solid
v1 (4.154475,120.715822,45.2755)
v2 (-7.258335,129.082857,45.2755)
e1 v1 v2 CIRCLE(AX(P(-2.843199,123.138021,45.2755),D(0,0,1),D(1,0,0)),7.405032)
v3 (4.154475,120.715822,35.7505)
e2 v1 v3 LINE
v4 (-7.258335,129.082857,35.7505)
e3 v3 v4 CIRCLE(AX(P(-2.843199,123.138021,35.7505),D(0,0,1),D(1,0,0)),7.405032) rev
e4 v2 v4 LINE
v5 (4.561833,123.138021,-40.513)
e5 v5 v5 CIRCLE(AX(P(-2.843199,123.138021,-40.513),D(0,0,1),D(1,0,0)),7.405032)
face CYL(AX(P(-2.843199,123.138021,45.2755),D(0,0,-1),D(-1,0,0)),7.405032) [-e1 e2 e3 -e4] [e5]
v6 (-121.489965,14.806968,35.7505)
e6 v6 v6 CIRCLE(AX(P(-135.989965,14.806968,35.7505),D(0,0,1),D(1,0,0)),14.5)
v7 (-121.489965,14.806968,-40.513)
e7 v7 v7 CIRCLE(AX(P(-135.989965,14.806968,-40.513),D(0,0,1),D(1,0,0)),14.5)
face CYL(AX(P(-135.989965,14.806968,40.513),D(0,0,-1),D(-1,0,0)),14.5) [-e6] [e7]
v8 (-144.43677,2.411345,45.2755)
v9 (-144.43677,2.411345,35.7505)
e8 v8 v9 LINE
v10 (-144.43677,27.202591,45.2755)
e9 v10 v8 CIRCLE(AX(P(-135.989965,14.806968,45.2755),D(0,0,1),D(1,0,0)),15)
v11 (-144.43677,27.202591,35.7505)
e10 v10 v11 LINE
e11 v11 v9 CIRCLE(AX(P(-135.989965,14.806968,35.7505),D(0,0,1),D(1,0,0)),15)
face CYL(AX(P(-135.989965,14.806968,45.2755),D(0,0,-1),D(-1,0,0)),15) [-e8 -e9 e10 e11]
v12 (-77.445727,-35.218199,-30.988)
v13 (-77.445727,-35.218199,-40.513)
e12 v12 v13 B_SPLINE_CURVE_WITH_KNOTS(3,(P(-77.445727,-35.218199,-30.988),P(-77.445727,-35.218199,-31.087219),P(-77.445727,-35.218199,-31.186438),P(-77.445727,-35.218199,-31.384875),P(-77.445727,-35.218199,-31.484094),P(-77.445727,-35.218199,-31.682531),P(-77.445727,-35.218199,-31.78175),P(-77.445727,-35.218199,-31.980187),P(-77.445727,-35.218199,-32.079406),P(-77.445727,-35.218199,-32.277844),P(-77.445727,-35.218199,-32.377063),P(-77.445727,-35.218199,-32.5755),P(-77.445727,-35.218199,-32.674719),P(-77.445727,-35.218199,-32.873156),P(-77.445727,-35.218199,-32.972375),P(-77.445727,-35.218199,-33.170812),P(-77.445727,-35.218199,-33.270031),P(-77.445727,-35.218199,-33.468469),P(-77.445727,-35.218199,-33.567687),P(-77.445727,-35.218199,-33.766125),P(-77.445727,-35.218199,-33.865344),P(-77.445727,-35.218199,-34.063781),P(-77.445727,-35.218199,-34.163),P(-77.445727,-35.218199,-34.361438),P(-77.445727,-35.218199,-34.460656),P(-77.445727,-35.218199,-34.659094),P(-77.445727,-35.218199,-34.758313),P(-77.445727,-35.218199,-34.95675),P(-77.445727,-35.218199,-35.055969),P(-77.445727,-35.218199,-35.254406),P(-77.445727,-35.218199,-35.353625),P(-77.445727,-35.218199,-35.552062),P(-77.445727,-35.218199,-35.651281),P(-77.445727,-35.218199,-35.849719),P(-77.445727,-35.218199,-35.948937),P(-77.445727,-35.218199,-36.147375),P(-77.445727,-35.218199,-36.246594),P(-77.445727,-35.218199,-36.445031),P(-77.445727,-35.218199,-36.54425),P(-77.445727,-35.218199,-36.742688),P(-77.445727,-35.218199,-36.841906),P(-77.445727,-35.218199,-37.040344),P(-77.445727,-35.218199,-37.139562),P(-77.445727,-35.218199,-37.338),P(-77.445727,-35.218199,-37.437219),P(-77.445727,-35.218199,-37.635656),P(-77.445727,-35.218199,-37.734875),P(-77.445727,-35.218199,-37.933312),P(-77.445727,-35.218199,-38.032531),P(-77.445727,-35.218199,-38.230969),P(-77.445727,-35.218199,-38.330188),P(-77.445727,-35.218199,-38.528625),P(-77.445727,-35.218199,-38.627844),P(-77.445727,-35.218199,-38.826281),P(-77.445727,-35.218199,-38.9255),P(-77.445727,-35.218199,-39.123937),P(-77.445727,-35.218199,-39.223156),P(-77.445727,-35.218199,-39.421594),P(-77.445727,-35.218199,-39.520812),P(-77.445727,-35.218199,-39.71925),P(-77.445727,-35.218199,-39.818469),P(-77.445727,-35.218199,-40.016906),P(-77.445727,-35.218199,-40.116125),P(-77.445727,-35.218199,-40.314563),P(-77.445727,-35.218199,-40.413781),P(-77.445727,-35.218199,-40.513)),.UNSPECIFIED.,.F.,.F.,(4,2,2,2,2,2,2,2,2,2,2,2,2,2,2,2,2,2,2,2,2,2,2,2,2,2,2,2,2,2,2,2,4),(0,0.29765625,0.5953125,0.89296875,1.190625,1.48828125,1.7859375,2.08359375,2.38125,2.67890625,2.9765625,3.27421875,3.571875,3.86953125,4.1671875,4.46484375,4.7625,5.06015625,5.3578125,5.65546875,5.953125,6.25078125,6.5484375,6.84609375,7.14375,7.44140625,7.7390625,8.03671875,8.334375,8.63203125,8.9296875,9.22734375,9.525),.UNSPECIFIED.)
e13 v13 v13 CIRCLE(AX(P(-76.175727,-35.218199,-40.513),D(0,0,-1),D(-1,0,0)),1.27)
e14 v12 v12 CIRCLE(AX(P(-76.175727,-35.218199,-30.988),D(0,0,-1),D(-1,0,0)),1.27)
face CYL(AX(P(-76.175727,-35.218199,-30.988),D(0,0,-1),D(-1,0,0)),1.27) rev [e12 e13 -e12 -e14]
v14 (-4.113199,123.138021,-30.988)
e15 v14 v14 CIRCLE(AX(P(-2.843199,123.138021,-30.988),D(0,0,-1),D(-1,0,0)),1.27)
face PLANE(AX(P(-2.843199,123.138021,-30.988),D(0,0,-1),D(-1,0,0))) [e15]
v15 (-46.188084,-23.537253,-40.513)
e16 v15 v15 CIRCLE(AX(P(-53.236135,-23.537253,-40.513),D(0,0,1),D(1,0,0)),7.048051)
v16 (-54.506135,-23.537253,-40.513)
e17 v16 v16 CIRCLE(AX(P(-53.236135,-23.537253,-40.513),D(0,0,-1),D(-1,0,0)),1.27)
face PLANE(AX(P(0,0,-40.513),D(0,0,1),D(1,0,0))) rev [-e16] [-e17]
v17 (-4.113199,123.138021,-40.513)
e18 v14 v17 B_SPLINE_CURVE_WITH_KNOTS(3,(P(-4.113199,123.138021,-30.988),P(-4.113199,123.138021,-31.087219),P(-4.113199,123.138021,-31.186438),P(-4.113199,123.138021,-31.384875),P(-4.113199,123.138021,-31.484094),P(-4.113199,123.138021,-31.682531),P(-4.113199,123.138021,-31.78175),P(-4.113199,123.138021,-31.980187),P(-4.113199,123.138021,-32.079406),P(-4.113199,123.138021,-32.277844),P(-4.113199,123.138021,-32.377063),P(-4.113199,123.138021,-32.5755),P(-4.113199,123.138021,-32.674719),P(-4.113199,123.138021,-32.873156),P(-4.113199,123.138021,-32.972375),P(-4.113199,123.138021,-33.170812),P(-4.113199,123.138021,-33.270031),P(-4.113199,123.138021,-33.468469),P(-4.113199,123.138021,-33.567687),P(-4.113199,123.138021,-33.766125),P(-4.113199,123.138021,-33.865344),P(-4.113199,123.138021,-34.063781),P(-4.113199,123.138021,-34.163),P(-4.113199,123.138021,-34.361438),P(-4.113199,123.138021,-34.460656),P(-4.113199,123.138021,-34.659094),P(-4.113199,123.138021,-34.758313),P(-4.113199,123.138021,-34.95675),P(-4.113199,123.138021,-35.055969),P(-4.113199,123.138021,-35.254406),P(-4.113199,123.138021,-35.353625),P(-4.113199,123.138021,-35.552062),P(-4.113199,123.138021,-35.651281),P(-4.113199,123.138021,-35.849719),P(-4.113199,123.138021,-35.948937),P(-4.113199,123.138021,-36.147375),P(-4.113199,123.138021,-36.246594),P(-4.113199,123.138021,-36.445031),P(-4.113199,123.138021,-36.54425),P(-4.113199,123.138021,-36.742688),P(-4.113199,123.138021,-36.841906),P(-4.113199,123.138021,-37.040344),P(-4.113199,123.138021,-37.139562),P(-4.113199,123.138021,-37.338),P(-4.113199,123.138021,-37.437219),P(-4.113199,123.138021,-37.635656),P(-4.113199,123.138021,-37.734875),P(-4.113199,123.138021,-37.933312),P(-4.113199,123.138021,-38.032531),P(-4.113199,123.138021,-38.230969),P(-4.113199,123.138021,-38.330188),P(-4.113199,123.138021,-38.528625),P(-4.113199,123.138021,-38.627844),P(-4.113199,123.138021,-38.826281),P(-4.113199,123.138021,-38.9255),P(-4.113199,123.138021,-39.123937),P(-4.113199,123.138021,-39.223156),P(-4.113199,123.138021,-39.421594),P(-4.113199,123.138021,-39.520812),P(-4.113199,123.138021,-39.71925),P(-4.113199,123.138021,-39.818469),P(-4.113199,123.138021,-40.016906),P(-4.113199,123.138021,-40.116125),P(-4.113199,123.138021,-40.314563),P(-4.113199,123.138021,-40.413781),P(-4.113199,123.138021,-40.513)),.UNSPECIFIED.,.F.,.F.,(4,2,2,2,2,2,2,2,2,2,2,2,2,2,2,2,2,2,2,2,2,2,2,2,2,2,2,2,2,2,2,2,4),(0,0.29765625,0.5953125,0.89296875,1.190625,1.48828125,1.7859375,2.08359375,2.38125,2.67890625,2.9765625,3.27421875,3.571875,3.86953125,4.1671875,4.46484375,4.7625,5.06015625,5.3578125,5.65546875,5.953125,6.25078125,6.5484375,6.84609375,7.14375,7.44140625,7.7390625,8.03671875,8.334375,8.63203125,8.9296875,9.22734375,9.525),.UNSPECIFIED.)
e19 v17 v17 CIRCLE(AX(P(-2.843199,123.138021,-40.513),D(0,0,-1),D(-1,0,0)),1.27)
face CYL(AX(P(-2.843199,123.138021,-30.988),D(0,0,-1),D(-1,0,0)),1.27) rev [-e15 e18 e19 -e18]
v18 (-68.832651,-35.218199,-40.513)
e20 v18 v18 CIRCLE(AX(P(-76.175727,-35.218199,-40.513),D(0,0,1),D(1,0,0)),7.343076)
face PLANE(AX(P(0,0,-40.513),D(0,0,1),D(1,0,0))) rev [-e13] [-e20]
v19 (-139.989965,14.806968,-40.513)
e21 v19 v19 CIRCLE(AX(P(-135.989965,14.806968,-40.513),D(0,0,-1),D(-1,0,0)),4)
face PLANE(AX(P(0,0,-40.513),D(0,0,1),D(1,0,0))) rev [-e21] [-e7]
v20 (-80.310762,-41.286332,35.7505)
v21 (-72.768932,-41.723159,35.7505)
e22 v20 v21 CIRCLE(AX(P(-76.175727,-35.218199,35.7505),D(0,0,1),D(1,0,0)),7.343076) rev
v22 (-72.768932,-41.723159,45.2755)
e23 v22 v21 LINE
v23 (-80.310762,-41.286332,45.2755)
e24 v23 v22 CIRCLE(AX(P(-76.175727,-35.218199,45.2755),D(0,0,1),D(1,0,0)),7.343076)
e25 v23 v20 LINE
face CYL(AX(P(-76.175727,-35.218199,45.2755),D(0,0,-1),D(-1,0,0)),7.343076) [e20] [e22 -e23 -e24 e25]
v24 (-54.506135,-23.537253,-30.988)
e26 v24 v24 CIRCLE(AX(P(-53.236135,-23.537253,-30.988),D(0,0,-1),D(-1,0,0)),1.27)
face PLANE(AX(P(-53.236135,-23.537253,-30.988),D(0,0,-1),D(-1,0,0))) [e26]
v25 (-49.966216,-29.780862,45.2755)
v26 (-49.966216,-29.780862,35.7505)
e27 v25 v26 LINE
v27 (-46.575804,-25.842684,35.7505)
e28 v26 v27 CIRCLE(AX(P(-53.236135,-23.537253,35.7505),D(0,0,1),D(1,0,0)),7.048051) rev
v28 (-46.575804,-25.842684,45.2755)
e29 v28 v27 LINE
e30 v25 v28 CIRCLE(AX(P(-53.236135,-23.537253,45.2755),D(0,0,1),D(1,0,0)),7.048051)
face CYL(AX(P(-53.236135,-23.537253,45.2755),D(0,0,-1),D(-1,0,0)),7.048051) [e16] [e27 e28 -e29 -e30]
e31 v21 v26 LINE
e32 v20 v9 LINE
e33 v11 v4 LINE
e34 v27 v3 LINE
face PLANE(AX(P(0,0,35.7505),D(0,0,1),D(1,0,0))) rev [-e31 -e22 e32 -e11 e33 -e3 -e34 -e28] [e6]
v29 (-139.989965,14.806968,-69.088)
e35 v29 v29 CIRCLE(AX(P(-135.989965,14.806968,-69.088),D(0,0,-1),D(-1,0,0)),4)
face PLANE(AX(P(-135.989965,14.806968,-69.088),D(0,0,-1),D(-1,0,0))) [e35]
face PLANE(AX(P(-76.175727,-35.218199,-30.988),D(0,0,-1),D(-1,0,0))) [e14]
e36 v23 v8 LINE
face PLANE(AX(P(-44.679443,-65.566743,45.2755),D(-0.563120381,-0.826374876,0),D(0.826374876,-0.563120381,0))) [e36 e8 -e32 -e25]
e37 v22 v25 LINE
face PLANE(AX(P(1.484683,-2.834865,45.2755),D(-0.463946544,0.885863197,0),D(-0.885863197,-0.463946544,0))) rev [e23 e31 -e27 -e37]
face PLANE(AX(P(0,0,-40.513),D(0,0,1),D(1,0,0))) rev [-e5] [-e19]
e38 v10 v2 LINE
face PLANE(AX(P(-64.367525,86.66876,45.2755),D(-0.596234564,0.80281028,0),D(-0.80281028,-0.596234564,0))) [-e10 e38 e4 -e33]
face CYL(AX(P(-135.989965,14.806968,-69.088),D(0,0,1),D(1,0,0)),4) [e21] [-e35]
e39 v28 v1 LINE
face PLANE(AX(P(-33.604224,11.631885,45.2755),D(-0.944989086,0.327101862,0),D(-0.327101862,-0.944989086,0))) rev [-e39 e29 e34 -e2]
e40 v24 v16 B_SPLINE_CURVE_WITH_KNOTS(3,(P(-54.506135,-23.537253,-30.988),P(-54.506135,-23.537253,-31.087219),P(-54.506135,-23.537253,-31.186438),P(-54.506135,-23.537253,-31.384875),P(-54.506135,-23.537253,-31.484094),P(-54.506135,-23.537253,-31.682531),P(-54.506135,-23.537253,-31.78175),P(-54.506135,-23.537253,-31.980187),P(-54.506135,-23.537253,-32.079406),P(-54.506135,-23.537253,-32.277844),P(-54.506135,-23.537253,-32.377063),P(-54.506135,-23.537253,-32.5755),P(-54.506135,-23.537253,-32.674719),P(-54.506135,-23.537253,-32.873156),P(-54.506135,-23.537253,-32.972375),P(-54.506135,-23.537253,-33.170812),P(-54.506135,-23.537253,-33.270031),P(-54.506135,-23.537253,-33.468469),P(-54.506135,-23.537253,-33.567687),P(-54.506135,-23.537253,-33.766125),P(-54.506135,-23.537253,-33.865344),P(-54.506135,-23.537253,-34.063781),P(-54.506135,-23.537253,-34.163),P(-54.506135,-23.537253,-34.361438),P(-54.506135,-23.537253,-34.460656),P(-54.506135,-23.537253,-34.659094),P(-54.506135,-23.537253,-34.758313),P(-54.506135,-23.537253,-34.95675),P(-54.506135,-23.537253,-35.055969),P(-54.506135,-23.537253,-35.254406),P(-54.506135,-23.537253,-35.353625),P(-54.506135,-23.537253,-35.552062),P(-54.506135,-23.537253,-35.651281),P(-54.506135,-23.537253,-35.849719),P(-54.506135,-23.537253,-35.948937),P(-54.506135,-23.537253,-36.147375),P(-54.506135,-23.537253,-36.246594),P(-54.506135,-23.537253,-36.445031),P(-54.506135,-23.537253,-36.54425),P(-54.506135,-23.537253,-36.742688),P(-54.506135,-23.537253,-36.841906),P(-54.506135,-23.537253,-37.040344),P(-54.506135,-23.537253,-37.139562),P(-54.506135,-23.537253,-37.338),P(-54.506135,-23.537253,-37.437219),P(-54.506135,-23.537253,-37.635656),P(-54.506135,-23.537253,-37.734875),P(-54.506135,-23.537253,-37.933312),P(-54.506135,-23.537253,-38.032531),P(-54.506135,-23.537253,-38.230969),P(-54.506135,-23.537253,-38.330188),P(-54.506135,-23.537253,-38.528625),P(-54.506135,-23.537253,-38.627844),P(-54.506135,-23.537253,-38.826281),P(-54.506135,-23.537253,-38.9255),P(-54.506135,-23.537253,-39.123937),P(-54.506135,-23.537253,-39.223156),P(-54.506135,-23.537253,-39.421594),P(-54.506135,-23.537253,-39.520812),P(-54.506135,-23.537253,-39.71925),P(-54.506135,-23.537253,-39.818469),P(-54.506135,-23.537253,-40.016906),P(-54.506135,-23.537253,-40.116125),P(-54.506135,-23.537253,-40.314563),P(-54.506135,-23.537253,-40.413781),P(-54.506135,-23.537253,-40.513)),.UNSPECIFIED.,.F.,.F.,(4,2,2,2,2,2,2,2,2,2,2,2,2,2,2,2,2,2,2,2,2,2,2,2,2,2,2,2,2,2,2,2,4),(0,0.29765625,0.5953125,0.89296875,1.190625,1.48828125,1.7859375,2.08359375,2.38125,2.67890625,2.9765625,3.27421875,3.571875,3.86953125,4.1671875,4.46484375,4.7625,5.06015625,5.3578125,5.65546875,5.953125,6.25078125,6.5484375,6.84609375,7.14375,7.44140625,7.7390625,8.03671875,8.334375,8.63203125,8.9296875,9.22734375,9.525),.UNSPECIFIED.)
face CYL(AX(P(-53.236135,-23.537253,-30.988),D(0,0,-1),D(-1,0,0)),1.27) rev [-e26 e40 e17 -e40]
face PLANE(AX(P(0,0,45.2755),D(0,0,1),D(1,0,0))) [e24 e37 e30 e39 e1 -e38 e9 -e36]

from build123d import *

# Parameters (mm, degrees)
SKETCH2_R             = 14.5
BOSS_EXTRUDE5_DEPTH   = 40.513
SKETCH2_R_2           = 7.343075537
BOSS_EXTRUDE5_2_DEPTH = 40.513
SKETCH2_R_3           = 7.048050761
BOSS_EXTRUDE5_3_DEPTH = 40.513
SKETCH2_R_4           = 7.405031705
BOSS_EXTRUDE5_4_DEPTH = 40.513
BOSS_EXTRUDE6_DEPTH   = 4.7625
SKETCH9_R             = 1.27
CUT_EXTRUDE2_DEPTH    = 9.525
SKETCH10_R            = 4
BOSS_EXTRUDE7_DEPTH   = 28.575


with BuildPart() as part:
    # Sketch2 → Boss-Extrude5 (new, symmetric)
    with BuildSketch(Plane.XY):
        with Locations((-135.989964622, 14.806967819)):
            Circle(SKETCH2_R)
    extrude(amount=BOSS_EXTRUDE5_DEPTH, both=True)



with BuildPart() as body_2:
    # Sketch2 → Boss-Extrude5 2 (new, symmetric)
    with BuildSketch(Plane.XY):
        with Locations((-76.175726851, -35.218198752)):
            Circle(SKETCH2_R_2)
    extrude(amount=BOSS_EXTRUDE5_2_DEPTH, both=True)


with BuildPart() as body_3:
    # Sketch2 → Boss-Extrude5 3 (new, symmetric)
    with BuildSketch(Plane.XY):
        with Locations((-53.236134933, -23.53725338)):
            Circle(SKETCH2_R_3)
    extrude(amount=BOSS_EXTRUDE5_3_DEPTH, both=True)


with BuildPart() as body_4:
    # Sketch2 → Boss-Extrude5 4 (new, symmetric)
    with BuildSketch(Plane.XY):
        with Locations((-2.84319901, 123.138021163)):
            Circle(SKETCH2_R_4)
    extrude(amount=BOSS_EXTRUDE5_4_DEPTH, both=True)


with BuildPart() as part_1:
    add(part.part)

    add(body_2.part)  # Boss-Extrude6 merges body 2

    add(body_3.part)  # Boss-Extrude6 merges body 3

    add(body_4.part)  # Boss-Extrude6 merges body 4
    # Sketch6 → Boss-Extrude6 (add, symmetric)
    with BuildSketch(Plane.XY.offset(40.513)):
        with BuildLine():
            Line((-144.43677034, 2.411344674), (-80.310762347, -41.286331891))
            ThreePointArc((-80.310762347, -41.286331891), (-76.600330476, -42.54898794), (-72.768932333, -41.723159126))
            Line((-72.768932333, -41.723159126), (-49.966216141, -29.780862162))
            ThreePointArc((-49.966216141, -29.780862162), (-47.894807622, -28.135648979), (-46.575803889, -25.842683907))
            Line((-46.575803889, -25.842683907), (4.15447513, 120.715821505))
            ThreePointArc((4.15447513, 120.715821505), (1.535064989, 129.110064273), (-7.258334859, 129.082856736))
            Line((-7.258334859, 129.082856736), (-144.43677034, 27.202590964))
            ThreePointArc((-144.43677034, 27.202590964), (-150.989964622, 14.806967819), (-144.43677034, 2.411344674))
        make_face()
    extrude(amount=BOSS_EXTRUDE6_DEPTH, both=True)

    # Sketch9 → Cut-Extrude2 (cut)
    with BuildSketch(Plane(origin=(0, 0, -40.513), x_dir=(-1, 0, 0), z_dir=(0, 0, -1))):
        with Locations((53.236134933, -23.53725338)):
            Circle(SKETCH9_R)
        with Locations((76.175726851, -35.218198752)):
            Circle(SKETCH9_R)
        with Locations((2.84319901, 123.138021163)):
            Circle(SKETCH9_R)
    extrude(amount=-CUT_EXTRUDE2_DEPTH, mode=Mode.SUBTRACT)

    # Sketch10 → Boss-Extrude7 (add)
    with BuildSketch(Plane(origin=(0, 0, -40.513), x_dir=(-1, 0, 0), z_dir=(0, 0, -1))):
        with Locations((135.989964622, 14.806967819)):
            Circle(SKETCH10_R)
    extrude(amount=BOSS_EXTRUDE7_DEPTH)


solid = part_1.part
